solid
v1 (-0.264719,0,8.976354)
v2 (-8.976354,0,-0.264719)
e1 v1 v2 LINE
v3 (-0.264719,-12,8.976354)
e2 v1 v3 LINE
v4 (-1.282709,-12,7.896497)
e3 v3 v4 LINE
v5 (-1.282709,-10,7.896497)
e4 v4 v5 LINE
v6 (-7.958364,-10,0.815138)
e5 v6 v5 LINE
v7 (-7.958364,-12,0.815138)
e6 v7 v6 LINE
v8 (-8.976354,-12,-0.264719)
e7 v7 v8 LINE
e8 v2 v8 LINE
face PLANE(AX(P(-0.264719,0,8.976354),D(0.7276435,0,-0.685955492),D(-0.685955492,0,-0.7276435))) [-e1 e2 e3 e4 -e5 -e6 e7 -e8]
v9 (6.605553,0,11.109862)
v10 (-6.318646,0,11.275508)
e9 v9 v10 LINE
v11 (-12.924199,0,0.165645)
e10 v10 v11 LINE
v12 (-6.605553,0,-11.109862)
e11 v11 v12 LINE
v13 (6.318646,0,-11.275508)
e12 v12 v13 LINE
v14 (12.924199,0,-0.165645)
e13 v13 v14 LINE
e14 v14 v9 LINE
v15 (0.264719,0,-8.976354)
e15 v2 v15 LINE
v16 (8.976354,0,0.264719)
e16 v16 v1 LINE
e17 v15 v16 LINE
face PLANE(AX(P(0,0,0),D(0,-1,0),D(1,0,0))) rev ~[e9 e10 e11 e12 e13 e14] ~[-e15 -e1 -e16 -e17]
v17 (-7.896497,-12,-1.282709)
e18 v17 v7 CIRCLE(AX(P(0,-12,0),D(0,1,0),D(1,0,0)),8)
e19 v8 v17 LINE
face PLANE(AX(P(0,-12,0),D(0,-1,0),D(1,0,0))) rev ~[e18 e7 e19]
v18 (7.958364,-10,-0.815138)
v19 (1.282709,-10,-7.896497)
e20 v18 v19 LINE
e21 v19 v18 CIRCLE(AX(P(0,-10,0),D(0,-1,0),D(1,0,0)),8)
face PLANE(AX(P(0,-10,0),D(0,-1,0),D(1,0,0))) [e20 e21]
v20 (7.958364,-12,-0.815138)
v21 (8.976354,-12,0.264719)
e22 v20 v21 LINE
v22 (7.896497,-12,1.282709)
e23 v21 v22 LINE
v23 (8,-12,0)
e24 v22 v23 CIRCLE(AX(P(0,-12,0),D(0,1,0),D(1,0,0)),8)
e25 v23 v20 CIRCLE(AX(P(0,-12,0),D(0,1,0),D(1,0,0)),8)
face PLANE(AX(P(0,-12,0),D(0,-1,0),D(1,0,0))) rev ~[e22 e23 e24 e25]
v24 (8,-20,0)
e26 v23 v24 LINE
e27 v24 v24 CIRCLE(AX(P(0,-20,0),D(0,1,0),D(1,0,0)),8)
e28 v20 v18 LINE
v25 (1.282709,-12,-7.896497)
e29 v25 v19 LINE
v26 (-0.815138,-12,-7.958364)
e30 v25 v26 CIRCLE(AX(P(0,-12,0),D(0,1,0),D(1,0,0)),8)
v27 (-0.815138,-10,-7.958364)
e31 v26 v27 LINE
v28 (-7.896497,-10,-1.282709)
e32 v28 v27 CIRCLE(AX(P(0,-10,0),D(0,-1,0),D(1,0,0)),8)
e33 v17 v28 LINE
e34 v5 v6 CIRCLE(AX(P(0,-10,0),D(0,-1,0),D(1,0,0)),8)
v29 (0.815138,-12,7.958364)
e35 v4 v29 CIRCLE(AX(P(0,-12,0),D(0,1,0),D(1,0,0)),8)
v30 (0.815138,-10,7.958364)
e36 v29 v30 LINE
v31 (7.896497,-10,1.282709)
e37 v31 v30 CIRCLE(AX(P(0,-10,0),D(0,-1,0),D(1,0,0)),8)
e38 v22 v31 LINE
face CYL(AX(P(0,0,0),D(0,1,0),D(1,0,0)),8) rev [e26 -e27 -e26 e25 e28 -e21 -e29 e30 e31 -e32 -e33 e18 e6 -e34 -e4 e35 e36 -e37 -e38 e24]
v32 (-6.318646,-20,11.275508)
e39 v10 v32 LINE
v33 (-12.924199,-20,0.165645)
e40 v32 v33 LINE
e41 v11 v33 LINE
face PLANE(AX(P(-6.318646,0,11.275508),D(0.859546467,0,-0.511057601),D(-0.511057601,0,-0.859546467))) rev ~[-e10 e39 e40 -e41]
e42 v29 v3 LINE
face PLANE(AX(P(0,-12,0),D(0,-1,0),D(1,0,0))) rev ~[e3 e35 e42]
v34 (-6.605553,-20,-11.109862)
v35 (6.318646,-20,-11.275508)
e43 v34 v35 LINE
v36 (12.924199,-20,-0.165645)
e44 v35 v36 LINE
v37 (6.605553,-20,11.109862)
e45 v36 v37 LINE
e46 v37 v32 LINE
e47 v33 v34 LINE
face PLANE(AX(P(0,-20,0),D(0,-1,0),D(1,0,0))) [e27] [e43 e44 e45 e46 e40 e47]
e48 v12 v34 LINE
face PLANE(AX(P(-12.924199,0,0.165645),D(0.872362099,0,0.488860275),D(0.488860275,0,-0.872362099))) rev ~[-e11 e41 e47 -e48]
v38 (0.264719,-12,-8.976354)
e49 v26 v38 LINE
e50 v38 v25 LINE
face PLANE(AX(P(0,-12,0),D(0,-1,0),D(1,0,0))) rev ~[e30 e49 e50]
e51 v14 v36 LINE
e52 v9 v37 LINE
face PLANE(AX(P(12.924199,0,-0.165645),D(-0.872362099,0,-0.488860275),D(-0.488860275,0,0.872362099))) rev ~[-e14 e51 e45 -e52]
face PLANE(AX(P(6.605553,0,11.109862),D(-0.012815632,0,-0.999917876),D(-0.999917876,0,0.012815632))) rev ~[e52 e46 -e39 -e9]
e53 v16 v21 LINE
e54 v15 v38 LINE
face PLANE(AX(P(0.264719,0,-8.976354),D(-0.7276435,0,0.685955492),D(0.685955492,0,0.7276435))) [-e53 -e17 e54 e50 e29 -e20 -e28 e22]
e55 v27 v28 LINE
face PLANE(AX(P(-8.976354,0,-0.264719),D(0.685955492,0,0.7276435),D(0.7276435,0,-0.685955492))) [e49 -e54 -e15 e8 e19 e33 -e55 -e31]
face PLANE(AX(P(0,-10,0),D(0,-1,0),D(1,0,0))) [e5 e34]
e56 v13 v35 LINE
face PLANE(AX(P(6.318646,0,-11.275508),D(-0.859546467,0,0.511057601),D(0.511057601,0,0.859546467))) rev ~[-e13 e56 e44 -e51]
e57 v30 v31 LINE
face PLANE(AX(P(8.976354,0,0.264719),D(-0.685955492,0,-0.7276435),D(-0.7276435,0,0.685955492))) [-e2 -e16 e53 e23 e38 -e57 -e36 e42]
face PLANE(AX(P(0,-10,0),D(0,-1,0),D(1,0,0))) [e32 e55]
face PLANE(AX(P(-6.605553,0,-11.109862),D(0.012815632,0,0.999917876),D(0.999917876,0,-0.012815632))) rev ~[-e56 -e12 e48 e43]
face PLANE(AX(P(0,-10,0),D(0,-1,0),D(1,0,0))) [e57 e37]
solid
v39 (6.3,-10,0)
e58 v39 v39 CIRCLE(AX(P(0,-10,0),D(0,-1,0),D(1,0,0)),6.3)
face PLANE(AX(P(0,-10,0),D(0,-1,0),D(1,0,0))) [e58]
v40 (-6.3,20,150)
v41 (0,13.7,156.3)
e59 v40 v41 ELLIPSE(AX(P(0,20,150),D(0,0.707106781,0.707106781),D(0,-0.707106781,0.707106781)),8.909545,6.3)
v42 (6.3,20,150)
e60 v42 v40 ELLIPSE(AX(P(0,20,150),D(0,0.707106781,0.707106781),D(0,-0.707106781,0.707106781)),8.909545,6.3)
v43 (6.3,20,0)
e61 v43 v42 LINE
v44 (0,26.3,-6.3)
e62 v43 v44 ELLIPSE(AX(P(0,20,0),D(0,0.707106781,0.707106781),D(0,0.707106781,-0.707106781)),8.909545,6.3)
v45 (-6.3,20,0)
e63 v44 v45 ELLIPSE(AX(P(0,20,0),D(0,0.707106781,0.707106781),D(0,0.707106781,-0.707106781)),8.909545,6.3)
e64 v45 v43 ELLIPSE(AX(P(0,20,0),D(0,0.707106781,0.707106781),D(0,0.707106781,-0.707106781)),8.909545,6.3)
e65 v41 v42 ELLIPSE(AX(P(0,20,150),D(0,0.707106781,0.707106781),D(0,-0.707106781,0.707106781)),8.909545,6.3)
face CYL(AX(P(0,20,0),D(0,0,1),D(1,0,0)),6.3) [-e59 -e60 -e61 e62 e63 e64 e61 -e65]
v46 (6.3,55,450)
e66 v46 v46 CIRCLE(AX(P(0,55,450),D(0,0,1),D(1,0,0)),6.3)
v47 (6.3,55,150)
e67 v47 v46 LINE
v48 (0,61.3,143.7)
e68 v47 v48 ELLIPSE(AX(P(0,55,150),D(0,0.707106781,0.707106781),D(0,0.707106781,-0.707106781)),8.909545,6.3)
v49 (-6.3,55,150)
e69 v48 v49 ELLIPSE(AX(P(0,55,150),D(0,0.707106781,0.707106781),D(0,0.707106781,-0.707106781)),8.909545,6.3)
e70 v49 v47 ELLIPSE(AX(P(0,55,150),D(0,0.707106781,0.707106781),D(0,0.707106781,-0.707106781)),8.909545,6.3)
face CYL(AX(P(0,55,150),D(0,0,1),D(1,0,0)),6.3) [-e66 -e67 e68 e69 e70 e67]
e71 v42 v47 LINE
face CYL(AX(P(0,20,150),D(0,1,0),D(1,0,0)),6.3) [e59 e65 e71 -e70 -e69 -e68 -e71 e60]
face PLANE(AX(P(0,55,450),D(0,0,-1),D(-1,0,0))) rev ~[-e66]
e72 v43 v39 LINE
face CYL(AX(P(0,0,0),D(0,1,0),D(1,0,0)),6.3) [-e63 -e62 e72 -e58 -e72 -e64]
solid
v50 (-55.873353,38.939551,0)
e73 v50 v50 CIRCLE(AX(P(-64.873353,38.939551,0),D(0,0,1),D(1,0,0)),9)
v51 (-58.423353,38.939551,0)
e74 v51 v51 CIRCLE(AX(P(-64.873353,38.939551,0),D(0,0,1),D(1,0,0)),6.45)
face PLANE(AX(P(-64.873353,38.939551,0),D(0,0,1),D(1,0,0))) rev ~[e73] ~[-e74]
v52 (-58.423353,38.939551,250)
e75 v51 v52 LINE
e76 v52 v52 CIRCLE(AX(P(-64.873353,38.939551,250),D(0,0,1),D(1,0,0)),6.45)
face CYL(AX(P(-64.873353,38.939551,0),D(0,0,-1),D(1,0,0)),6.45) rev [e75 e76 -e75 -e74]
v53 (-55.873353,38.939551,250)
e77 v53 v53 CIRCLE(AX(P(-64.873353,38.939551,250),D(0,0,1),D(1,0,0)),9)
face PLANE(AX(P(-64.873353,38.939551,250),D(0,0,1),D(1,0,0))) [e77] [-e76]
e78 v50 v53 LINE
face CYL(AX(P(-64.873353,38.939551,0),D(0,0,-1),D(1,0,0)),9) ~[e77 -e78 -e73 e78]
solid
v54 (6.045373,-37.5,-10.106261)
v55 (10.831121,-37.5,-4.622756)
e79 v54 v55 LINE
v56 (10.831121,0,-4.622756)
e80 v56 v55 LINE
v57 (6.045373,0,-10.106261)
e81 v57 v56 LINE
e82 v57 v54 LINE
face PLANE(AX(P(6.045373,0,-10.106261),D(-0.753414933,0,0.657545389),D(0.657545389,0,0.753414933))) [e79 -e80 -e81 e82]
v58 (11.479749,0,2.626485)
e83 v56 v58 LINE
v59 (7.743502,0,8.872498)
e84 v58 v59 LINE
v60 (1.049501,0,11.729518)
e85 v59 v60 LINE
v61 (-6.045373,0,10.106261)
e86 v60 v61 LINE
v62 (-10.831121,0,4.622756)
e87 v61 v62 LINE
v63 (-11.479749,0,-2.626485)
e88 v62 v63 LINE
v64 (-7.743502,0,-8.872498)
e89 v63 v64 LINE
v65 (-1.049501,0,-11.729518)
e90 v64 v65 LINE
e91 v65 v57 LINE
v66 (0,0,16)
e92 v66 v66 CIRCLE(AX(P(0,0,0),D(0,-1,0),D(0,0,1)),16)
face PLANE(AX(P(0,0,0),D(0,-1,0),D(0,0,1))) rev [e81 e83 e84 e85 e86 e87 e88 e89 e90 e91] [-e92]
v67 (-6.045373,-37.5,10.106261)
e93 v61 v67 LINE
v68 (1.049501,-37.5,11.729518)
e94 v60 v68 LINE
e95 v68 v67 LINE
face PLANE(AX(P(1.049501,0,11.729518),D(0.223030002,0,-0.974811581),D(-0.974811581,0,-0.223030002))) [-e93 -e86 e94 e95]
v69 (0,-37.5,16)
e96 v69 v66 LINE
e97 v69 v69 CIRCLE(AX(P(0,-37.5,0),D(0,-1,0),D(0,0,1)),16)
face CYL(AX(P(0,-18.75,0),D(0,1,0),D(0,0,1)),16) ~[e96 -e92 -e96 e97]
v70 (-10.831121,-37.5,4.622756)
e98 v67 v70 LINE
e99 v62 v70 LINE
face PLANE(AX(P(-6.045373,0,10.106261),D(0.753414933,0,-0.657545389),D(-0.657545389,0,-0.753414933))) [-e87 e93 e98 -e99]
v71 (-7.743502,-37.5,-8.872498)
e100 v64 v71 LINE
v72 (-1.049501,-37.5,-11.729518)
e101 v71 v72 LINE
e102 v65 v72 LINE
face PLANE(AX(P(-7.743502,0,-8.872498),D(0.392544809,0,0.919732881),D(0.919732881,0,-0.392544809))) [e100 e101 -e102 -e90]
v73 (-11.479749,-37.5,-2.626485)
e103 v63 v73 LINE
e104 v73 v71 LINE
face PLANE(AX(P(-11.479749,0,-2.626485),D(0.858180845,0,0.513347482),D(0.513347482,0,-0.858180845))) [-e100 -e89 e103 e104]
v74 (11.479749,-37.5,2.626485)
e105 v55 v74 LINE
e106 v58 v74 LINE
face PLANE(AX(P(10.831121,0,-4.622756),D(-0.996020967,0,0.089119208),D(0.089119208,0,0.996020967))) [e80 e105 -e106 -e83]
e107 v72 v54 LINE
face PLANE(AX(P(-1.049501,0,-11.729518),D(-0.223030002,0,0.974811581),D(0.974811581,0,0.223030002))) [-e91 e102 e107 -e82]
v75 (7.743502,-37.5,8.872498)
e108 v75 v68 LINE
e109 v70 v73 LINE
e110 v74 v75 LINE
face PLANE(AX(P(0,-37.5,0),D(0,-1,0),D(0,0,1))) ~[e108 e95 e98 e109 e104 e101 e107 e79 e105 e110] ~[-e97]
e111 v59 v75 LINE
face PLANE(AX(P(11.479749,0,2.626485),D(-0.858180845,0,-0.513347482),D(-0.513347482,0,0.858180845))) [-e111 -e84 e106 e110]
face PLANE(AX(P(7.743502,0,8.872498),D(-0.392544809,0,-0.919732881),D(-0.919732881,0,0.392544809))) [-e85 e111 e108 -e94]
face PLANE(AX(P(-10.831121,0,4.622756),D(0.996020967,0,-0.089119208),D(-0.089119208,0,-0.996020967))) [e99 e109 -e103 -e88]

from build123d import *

# Parameters (mm, degrees)
F0_W      = 37.5
F0_H      = 16
F3_DEPTH  = 37.5
F5_DEPTH  = 20
F6_R      = 8
F7_DEPTH  = 30
F8_R      = 8
F9_DEPTH  = 10
F11_DEPTH = 12
F12_R     = 6.3
F13_DEPTH = 10
F16_R     = 9
F16_R_2   = 6.45
F17_DEPTH = 250


with BuildPart() as f1:
    # F0 (on Right) → F1 (revolve)
    with BuildSketch(Plane.YZ):
        with Locations((-18.75, 8)):
            Rectangle(F0_W, F0_H)
    revolve(axis=Axis((0, -18.75, 0), (0, -1, 0)))

    # F2 (on Front) → F3 (cut)
    with BuildSketch(Plane.XZ):
        Polygon((6.045373429, -10.1062610923), (10.8311210673, -4.6227556271), (11.4797485941, 2.626485366), (7.7435023403, 8.8724982202), (1.0495013844, 11.7295183194), (-6.045373429, 10.1062610923), (-10.8311210673, 4.6227556271), (-11.4797485941, -2.626485366), (-7.7435023403, -8.8724982202), (-1.0495013844, -11.7295183194), align=None)
    extrude(amount=F3_DEPTH, mode=Mode.SUBTRACT)


with BuildPart() as f5:
    # F4 (on Front) → F5 (new body)
    with BuildSketch(Plane.XZ):
        Polygon((-6.6055527024, -11.1098621268), (6.3186464831, -11.2755075097), (12.9241991855, -0.1656453829), (6.6055527024, 11.1098621268), (-6.3186464831, 11.2755075097), (-12.9241991855, 0.1656453829), align=None)
    extrude(amount=F5_DEPTH)

    # F6 (on Front) → F7 (cut)
    with BuildSketch(Plane.XZ):
        Circle(F6_R)
    extrude(amount=F7_DEPTH, mode=Mode.SUBTRACT)

    # F8 (on Front) → F9 (join)
    with BuildSketch(Plane.XZ):
        Circle(F8_R)
    extrude(amount=F9_DEPTH)

    # F10 (on Front) → F11 (cut)
    with BuildSketch(Plane.XZ):
        Polygon((0.264718855, -8.9763535986), (8.9763535986, 0.264718855), (-0.264718855, 8.9763535986), (-8.9763535986, -0.264718855), align=None)
    extrude(amount=F11_DEPTH, mode=Mode.SUBTRACT)


with BuildPart() as f13:
    # F12 (on Front) → F13 (new body)
    with BuildSketch(Plane.XZ):
        Circle(F12_R)
    extrude(amount=F13_DEPTH)

    # F15: sweep along a path in F14
    with BuildLine(Plane.YZ) as f15_path:
        Line((0, 0), (20, 0))
        Line((20, 0), (20, 150))
        Line((20, 150), (55, 150))
        Line((55, 150), (55, 450))
    # F12 (on Front) → F15 (sweep)
    with BuildSketch(Plane.XZ):
        Circle(F12_R)
    sweep(path=f15_path.line, transition=Transition.RIGHT)


with BuildPart() as f17:
    # F16 (on Top) → F17 (new body)
    with BuildSketch(Plane.XY):
        with Locations((-64.8733526468, 38.939550519)):
            Circle(F16_R)
        with Locations((-64.8733526468, 38.939550519)):
            Circle(F16_R_2, mode=Mode.SUBTRACT)
    extrude(amount=F17_DEPTH)


solid = Compound([f1.part, f5.part, f13.part, f17.part])
